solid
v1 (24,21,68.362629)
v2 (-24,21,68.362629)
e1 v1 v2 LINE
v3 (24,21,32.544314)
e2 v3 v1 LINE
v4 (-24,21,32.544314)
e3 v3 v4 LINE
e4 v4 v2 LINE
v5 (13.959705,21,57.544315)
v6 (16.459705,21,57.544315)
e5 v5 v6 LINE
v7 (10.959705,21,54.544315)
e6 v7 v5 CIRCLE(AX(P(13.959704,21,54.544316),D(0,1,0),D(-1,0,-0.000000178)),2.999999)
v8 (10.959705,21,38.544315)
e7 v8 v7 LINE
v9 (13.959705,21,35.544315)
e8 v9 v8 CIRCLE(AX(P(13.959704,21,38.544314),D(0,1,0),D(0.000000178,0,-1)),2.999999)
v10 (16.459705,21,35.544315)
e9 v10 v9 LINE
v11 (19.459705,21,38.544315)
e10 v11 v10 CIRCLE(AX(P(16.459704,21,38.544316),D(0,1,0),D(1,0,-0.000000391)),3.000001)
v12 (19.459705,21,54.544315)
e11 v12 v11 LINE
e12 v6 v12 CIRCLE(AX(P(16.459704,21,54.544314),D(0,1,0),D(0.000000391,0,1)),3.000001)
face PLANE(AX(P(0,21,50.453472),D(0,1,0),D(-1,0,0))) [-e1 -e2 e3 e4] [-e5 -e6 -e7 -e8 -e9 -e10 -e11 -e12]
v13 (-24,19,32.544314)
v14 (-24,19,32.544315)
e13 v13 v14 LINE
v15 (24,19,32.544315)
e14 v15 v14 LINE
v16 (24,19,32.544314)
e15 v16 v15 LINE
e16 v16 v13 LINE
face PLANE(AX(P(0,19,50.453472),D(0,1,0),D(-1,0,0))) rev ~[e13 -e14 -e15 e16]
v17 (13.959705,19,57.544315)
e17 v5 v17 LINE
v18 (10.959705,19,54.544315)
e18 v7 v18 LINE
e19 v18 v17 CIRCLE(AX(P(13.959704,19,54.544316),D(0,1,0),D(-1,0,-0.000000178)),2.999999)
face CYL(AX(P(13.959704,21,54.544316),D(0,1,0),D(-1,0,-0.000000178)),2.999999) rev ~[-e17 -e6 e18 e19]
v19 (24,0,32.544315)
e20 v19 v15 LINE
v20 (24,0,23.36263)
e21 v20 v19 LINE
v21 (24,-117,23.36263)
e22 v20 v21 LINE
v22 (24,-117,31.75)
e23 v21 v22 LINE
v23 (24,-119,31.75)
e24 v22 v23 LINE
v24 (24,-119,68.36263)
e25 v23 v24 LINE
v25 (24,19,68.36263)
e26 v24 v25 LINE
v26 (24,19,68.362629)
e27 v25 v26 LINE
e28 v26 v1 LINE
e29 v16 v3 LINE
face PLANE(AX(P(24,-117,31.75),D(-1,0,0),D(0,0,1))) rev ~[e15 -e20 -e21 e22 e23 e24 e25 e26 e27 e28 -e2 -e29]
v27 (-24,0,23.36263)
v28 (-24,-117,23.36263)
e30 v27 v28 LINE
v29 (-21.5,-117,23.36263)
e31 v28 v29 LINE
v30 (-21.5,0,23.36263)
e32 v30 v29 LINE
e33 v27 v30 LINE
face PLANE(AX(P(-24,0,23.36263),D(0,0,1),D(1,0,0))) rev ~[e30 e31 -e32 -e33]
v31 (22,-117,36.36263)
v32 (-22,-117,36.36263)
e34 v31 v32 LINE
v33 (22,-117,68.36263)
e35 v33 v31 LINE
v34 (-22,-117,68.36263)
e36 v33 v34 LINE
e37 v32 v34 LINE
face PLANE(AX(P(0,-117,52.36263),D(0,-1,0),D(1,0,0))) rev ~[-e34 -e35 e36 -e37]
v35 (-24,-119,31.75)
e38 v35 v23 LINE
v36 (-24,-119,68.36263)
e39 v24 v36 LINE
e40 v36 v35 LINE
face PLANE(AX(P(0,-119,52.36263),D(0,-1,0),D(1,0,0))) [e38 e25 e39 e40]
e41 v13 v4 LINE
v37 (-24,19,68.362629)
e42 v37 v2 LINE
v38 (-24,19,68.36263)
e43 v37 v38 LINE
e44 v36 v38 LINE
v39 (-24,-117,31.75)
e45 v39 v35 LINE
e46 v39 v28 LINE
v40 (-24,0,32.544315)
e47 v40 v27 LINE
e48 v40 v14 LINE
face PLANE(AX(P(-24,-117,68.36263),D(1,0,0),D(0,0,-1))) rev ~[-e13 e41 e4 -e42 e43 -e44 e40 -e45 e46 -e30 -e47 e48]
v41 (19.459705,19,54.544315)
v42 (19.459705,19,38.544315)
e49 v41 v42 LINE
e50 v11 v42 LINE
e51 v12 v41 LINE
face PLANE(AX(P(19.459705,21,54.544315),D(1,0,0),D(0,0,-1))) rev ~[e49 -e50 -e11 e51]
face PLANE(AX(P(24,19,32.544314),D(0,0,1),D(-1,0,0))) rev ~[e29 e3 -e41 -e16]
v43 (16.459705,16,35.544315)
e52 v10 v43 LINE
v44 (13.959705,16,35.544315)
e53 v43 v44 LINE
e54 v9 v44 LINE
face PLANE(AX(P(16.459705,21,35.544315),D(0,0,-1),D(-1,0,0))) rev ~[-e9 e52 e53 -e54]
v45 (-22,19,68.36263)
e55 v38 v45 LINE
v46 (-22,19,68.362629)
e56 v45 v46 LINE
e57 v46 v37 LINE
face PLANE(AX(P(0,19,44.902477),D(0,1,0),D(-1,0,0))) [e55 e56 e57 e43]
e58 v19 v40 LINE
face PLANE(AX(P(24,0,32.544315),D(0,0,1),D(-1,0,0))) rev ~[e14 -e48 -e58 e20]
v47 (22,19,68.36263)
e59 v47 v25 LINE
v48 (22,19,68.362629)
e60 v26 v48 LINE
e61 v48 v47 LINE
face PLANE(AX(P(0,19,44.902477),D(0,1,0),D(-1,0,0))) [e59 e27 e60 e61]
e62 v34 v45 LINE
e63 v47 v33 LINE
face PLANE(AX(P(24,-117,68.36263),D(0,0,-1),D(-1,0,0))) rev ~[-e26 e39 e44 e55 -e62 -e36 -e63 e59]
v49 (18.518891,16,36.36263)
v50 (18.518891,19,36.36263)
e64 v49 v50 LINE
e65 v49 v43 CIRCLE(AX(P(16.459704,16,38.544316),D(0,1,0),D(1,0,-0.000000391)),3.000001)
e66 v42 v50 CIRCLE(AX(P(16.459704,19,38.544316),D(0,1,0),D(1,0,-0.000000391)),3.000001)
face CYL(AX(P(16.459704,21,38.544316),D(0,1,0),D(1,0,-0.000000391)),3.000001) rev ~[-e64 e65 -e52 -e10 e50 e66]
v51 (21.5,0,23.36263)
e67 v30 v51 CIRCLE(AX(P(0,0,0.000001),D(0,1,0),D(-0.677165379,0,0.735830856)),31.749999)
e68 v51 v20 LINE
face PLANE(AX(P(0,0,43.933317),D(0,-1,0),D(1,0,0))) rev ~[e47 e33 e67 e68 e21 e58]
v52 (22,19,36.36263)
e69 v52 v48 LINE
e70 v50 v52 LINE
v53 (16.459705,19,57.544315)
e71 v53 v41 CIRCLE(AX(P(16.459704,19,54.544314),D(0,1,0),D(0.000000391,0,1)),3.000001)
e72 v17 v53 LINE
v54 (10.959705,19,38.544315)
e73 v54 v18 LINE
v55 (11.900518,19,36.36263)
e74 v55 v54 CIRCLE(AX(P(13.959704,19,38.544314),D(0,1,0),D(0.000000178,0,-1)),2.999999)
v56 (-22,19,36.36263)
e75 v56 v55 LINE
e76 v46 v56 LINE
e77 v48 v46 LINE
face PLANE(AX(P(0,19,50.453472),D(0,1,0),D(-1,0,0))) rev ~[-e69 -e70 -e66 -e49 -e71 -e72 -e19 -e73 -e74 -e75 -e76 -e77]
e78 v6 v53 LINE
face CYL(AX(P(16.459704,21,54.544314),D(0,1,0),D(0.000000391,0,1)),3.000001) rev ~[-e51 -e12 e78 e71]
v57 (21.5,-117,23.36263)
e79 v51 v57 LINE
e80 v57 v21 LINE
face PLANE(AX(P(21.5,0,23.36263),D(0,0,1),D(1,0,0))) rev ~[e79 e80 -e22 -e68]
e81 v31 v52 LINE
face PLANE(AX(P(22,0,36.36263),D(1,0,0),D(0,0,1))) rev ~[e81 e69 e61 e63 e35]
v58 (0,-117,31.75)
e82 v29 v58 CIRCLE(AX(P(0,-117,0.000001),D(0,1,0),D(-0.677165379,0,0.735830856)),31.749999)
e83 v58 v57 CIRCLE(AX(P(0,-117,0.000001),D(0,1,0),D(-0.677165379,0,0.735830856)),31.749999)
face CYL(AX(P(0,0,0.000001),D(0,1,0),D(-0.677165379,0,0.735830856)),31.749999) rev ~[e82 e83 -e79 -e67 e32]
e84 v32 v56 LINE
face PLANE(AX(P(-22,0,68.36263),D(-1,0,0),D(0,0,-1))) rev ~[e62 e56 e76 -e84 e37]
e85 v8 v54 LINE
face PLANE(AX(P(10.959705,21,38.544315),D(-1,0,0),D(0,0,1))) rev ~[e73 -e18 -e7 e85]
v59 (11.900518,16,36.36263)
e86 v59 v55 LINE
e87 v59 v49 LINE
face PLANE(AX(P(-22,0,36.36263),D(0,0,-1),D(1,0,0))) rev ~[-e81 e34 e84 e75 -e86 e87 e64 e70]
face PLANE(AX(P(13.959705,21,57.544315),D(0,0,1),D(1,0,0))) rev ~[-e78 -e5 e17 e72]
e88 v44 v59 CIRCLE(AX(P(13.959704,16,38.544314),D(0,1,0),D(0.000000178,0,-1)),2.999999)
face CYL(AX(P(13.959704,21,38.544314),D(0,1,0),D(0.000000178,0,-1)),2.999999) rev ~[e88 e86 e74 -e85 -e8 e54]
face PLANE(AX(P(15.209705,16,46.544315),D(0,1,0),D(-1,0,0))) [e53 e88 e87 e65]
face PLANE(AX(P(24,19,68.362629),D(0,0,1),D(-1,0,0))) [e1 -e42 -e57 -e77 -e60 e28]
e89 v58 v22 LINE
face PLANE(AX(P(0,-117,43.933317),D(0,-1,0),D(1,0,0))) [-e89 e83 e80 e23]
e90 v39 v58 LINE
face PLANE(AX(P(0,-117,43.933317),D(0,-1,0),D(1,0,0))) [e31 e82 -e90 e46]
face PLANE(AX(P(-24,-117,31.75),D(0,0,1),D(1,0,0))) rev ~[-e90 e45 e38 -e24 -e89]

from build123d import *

# Parameters (mm, degrees)
F1_DEPTH = 117
F3_DEPTH = 19
F4_W     = 48
F4_H     = 35.818315
F5_DEPTH = 2
F6_W     = 44
F6_H     = 32
F7_DEPTH = 2
F9_DEPTH = 5


with BuildPart() as f1:
    # F0 (on Front) → F1 (new body)
    with BuildSketch(Plane.XZ):
        with BuildLine():
            ThreePointArc((-24, 26.832816), (0, 36), (24, 26.832816))
            Line((24, 26.832816), (24, 68.36263))
            Line((24, 68.36263), (22, 68.36263))
            Line((22, 68.36263), (22, 36.36263))
            Line((22, 36.36263), (-22, 36.36263))
            Line((-22, 36.36263), (-22, 68.36263))
            Line((-22, 68.36263), (-24, 68.36263))
            Line((-24, 68.36263), (-24, 26.832816))
        make_face()
        with BuildLine():
            ThreePointArc((-24, 24.083189), (0, 34), (24, 24.083189))
            Line((24, 24.083189), (24, 26.832816))
            ThreePointArc((24, 26.832816), (0, 36), (-24, 26.832816))
            Line((-24, 26.832816), (-24, 24.083189))
        make_face()
        with BuildLine():
            ThreePointArc((-21.5, 23.36263), (0, 31.75), (21.5, 23.36263))
            Line((21.5, 23.36263), (24, 23.36263))
            Line((24, 23.36263), (24, 24.083189))
            ThreePointArc((24, 24.083189), (0, 34), (-24, 24.083189))
            Line((-24, 24.083189), (-24, 23.36263))
            Line((-24, 23.36263), (-21.5, 23.36263))
        make_face()
    extrude(amount=F1_DEPTH)

    # F2 (on face) → F3 (join)
    with BuildSketch(Plane(origin=(0, 0, 0), x_dir=(-1, 0, 0), z_dir=(0, 1, 0))):
        Polygon((-24, 32.544315), (0, 32.544315), (24, 32.544315), (24, 68.36263), (22, 68.36263), (22, 36.36263), (-22, 36.36263), (-22, 68.36263), (-24, 68.36263), align=None)
    extrude(amount=F3_DEPTH)

    # F4 (on face) → F5 (join)
    with BuildSketch(Plane(origin=(0, 19, 0), x_dir=(-1, 0, 0), z_dir=(0, 1, 0))):
        with Locations((0, 50.453472)):
            Rectangle(F4_W, F4_H)
    extrude(amount=F5_DEPTH)

    # F6 (on face) → F7 (join)
    with BuildSketch(Plane.XZ.offset(117)):
        with Locations((0, 52.36263)):
            Rectangle(F6_W, F6_H)
        Polygon((-22, 68.36263), (-24, 68.36263), (-24, 31.75), (0, 31.75), (24, 31.75), (24, 68.36263), (22, 68.36263), (22, 36.36263), (-22, 36.36263), align=None)
    extrude(amount=F7_DEPTH)

    # F8 (on face) → F9 (cut)
    with BuildSketch(Plane(origin=(0, 21, 0), x_dir=(-1, 0, 0), z_dir=(0, 1, 0))):
        with BuildLine():
            Line((-13.959705, 57.544315), (-16.459705, 57.544315))
            ThreePointArc((-16.459705, 57.544315), (-18.581025, 56.665635), (-19.459705, 54.544315))
            Line((-19.459705, 54.544315), (-19.459705, 38.544315))
            ThreePointArc((-19.459705, 38.544315), (-18.581025, 36.422995), (-16.459705, 35.544315))
            Line((-16.459705, 35.544315), (-15.209705, 35.544315))
            Line((-15.209705, 35.544315), (-13.959705, 35.544315))
            ThreePointArc((-13.959705, 35.544315), (-11.838384, 36.422995), (-10.959705, 38.544315))
            Line((-10.959705, 38.544315), (-10.959705, 54.544315))
            ThreePointArc((-10.959705, 54.544315), (-11.838384, 56.665635), (-13.959705, 57.544315))
        make_face()
    extrude(amount=-F9_DEPTH, mode=Mode.SUBTRACT)


solid = f1.part
